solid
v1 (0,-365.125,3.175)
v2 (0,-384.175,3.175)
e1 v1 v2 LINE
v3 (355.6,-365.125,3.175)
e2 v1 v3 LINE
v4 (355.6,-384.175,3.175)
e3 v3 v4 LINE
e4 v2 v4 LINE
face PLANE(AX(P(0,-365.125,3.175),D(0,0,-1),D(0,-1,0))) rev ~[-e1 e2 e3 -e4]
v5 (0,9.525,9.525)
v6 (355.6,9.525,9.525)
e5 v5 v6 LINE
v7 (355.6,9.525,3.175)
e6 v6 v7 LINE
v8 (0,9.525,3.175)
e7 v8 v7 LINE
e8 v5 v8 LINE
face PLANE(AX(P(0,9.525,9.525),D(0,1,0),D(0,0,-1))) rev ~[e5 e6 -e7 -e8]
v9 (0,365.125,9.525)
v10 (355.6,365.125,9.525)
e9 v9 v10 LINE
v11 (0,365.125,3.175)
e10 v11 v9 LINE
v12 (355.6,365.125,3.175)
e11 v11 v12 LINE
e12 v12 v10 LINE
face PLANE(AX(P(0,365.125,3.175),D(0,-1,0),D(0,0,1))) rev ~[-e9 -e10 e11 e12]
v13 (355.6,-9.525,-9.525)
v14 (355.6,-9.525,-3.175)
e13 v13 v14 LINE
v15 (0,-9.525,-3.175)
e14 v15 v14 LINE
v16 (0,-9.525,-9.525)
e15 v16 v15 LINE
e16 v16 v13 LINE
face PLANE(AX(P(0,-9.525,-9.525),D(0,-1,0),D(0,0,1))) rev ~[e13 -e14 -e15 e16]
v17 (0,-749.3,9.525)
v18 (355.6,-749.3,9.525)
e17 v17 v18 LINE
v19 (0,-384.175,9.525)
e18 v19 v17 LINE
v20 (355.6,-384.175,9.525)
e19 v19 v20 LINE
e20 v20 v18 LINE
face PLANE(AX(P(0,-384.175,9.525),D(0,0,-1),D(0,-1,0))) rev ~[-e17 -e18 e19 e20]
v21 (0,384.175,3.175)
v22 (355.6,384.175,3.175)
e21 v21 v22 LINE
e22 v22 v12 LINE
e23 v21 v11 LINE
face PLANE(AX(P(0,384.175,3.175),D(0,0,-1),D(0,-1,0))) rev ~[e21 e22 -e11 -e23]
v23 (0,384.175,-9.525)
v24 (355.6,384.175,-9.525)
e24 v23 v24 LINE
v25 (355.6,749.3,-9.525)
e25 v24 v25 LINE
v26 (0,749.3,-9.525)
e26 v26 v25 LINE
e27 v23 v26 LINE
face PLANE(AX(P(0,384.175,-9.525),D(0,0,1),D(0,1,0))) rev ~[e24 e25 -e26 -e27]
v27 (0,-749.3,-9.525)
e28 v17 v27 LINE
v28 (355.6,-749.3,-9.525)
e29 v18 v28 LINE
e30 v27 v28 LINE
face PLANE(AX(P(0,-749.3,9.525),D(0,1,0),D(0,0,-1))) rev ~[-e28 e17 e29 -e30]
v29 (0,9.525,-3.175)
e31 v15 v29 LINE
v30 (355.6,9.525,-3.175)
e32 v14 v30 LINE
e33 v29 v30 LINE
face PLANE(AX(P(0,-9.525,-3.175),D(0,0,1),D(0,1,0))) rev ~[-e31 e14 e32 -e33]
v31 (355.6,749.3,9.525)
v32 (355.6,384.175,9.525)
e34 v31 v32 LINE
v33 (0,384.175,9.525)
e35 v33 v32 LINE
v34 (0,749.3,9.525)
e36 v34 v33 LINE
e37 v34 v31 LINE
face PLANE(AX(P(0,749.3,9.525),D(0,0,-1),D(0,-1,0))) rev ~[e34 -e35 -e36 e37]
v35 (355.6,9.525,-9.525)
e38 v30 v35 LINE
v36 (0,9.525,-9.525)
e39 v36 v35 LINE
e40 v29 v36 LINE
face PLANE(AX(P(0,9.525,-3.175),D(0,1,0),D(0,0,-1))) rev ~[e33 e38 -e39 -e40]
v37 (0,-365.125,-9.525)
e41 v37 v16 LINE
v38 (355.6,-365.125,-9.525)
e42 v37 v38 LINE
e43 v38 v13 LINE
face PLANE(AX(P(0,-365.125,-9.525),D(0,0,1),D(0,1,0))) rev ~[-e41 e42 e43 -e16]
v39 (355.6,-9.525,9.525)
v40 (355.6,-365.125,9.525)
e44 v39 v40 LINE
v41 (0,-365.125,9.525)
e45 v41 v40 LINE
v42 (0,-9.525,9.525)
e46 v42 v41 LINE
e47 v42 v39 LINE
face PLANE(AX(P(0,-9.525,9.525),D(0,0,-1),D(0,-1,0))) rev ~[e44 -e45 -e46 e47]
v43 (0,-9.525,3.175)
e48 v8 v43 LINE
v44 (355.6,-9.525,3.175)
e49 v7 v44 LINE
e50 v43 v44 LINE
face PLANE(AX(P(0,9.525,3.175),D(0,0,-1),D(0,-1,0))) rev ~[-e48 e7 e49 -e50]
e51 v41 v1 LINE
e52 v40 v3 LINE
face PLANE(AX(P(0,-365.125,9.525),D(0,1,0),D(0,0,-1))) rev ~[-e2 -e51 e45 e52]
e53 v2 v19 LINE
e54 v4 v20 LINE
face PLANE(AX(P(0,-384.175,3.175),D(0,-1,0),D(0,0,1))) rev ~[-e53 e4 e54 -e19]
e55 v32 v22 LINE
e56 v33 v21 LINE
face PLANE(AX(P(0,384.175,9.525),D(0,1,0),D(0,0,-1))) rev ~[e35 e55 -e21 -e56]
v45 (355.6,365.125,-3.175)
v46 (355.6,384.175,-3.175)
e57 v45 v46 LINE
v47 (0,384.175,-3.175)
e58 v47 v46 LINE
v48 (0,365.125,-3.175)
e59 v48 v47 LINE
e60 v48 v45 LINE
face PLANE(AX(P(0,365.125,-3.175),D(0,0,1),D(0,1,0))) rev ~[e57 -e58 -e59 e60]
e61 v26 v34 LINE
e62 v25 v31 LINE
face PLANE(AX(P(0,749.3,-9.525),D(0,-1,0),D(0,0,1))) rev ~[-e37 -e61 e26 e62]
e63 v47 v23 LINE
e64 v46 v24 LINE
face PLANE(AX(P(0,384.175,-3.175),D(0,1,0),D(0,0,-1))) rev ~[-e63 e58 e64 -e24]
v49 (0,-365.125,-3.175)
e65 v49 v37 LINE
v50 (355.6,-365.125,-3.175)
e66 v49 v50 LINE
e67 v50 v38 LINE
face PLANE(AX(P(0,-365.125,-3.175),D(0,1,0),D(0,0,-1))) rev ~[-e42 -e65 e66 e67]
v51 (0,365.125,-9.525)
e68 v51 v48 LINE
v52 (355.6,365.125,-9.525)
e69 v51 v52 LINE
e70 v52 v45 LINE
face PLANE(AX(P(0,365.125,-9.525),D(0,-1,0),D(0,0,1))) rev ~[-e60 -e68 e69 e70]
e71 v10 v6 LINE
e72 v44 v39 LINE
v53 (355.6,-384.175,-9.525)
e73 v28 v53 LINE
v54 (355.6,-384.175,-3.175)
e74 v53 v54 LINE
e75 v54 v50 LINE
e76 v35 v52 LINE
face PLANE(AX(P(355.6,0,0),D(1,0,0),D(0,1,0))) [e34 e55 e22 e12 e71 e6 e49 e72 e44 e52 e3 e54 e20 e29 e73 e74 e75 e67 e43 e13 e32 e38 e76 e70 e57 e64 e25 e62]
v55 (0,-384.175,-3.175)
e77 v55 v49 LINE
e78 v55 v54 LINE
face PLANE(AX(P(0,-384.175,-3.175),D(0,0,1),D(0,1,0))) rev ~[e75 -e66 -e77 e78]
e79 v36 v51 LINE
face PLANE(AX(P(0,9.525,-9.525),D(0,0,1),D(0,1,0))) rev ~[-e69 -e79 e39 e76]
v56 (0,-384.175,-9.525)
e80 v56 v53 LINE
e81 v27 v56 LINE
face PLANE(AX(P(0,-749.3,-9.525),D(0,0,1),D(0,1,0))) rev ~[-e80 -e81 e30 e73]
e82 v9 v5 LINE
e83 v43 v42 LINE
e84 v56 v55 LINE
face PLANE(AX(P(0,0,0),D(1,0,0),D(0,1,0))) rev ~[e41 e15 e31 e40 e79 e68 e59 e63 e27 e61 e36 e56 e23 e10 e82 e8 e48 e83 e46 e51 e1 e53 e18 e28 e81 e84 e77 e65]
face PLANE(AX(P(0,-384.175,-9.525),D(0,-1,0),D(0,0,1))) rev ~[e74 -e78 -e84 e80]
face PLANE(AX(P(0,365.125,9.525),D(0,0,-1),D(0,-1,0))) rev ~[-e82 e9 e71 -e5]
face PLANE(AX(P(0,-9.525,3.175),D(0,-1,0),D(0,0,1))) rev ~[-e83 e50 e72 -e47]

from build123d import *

# Parameters (mm, degrees)
F1_DEPTH = 355.6


with BuildPart() as f1:
    # F0 (on Right) → F1 (new body)
    with BuildSketch(Plane.YZ):
        Polygon((749.3, -9.525), (749.3, 9.525), (384.175, 9.525), (384.175, 3.175), (365.125, 3.175), (365.125, 9.525), (9.525, 9.525), (9.525, 3.175), (0, 3.175), (-9.525, 3.175), (-9.525, 9.525), (-365.125, 9.525), (-365.125, 3.175), (-384.175, 3.175), (-384.175, 9.525), (-749.3, 9.525), (-749.3, -9.525), (-384.175, -9.525), (-384.175, -3.175), (-365.125, -3.175), (-365.125, -9.525), (-9.525, -9.525), (-9.525, -3.175), (0, -3.175), (9.525, -3.175), (9.525, -9.525), (365.125, -9.525), (365.125, -3.175), (384.175, -3.175), (384.175, -9.525), align=None)
    extrude(amount=F1_DEPTH)


solid = f1.part
